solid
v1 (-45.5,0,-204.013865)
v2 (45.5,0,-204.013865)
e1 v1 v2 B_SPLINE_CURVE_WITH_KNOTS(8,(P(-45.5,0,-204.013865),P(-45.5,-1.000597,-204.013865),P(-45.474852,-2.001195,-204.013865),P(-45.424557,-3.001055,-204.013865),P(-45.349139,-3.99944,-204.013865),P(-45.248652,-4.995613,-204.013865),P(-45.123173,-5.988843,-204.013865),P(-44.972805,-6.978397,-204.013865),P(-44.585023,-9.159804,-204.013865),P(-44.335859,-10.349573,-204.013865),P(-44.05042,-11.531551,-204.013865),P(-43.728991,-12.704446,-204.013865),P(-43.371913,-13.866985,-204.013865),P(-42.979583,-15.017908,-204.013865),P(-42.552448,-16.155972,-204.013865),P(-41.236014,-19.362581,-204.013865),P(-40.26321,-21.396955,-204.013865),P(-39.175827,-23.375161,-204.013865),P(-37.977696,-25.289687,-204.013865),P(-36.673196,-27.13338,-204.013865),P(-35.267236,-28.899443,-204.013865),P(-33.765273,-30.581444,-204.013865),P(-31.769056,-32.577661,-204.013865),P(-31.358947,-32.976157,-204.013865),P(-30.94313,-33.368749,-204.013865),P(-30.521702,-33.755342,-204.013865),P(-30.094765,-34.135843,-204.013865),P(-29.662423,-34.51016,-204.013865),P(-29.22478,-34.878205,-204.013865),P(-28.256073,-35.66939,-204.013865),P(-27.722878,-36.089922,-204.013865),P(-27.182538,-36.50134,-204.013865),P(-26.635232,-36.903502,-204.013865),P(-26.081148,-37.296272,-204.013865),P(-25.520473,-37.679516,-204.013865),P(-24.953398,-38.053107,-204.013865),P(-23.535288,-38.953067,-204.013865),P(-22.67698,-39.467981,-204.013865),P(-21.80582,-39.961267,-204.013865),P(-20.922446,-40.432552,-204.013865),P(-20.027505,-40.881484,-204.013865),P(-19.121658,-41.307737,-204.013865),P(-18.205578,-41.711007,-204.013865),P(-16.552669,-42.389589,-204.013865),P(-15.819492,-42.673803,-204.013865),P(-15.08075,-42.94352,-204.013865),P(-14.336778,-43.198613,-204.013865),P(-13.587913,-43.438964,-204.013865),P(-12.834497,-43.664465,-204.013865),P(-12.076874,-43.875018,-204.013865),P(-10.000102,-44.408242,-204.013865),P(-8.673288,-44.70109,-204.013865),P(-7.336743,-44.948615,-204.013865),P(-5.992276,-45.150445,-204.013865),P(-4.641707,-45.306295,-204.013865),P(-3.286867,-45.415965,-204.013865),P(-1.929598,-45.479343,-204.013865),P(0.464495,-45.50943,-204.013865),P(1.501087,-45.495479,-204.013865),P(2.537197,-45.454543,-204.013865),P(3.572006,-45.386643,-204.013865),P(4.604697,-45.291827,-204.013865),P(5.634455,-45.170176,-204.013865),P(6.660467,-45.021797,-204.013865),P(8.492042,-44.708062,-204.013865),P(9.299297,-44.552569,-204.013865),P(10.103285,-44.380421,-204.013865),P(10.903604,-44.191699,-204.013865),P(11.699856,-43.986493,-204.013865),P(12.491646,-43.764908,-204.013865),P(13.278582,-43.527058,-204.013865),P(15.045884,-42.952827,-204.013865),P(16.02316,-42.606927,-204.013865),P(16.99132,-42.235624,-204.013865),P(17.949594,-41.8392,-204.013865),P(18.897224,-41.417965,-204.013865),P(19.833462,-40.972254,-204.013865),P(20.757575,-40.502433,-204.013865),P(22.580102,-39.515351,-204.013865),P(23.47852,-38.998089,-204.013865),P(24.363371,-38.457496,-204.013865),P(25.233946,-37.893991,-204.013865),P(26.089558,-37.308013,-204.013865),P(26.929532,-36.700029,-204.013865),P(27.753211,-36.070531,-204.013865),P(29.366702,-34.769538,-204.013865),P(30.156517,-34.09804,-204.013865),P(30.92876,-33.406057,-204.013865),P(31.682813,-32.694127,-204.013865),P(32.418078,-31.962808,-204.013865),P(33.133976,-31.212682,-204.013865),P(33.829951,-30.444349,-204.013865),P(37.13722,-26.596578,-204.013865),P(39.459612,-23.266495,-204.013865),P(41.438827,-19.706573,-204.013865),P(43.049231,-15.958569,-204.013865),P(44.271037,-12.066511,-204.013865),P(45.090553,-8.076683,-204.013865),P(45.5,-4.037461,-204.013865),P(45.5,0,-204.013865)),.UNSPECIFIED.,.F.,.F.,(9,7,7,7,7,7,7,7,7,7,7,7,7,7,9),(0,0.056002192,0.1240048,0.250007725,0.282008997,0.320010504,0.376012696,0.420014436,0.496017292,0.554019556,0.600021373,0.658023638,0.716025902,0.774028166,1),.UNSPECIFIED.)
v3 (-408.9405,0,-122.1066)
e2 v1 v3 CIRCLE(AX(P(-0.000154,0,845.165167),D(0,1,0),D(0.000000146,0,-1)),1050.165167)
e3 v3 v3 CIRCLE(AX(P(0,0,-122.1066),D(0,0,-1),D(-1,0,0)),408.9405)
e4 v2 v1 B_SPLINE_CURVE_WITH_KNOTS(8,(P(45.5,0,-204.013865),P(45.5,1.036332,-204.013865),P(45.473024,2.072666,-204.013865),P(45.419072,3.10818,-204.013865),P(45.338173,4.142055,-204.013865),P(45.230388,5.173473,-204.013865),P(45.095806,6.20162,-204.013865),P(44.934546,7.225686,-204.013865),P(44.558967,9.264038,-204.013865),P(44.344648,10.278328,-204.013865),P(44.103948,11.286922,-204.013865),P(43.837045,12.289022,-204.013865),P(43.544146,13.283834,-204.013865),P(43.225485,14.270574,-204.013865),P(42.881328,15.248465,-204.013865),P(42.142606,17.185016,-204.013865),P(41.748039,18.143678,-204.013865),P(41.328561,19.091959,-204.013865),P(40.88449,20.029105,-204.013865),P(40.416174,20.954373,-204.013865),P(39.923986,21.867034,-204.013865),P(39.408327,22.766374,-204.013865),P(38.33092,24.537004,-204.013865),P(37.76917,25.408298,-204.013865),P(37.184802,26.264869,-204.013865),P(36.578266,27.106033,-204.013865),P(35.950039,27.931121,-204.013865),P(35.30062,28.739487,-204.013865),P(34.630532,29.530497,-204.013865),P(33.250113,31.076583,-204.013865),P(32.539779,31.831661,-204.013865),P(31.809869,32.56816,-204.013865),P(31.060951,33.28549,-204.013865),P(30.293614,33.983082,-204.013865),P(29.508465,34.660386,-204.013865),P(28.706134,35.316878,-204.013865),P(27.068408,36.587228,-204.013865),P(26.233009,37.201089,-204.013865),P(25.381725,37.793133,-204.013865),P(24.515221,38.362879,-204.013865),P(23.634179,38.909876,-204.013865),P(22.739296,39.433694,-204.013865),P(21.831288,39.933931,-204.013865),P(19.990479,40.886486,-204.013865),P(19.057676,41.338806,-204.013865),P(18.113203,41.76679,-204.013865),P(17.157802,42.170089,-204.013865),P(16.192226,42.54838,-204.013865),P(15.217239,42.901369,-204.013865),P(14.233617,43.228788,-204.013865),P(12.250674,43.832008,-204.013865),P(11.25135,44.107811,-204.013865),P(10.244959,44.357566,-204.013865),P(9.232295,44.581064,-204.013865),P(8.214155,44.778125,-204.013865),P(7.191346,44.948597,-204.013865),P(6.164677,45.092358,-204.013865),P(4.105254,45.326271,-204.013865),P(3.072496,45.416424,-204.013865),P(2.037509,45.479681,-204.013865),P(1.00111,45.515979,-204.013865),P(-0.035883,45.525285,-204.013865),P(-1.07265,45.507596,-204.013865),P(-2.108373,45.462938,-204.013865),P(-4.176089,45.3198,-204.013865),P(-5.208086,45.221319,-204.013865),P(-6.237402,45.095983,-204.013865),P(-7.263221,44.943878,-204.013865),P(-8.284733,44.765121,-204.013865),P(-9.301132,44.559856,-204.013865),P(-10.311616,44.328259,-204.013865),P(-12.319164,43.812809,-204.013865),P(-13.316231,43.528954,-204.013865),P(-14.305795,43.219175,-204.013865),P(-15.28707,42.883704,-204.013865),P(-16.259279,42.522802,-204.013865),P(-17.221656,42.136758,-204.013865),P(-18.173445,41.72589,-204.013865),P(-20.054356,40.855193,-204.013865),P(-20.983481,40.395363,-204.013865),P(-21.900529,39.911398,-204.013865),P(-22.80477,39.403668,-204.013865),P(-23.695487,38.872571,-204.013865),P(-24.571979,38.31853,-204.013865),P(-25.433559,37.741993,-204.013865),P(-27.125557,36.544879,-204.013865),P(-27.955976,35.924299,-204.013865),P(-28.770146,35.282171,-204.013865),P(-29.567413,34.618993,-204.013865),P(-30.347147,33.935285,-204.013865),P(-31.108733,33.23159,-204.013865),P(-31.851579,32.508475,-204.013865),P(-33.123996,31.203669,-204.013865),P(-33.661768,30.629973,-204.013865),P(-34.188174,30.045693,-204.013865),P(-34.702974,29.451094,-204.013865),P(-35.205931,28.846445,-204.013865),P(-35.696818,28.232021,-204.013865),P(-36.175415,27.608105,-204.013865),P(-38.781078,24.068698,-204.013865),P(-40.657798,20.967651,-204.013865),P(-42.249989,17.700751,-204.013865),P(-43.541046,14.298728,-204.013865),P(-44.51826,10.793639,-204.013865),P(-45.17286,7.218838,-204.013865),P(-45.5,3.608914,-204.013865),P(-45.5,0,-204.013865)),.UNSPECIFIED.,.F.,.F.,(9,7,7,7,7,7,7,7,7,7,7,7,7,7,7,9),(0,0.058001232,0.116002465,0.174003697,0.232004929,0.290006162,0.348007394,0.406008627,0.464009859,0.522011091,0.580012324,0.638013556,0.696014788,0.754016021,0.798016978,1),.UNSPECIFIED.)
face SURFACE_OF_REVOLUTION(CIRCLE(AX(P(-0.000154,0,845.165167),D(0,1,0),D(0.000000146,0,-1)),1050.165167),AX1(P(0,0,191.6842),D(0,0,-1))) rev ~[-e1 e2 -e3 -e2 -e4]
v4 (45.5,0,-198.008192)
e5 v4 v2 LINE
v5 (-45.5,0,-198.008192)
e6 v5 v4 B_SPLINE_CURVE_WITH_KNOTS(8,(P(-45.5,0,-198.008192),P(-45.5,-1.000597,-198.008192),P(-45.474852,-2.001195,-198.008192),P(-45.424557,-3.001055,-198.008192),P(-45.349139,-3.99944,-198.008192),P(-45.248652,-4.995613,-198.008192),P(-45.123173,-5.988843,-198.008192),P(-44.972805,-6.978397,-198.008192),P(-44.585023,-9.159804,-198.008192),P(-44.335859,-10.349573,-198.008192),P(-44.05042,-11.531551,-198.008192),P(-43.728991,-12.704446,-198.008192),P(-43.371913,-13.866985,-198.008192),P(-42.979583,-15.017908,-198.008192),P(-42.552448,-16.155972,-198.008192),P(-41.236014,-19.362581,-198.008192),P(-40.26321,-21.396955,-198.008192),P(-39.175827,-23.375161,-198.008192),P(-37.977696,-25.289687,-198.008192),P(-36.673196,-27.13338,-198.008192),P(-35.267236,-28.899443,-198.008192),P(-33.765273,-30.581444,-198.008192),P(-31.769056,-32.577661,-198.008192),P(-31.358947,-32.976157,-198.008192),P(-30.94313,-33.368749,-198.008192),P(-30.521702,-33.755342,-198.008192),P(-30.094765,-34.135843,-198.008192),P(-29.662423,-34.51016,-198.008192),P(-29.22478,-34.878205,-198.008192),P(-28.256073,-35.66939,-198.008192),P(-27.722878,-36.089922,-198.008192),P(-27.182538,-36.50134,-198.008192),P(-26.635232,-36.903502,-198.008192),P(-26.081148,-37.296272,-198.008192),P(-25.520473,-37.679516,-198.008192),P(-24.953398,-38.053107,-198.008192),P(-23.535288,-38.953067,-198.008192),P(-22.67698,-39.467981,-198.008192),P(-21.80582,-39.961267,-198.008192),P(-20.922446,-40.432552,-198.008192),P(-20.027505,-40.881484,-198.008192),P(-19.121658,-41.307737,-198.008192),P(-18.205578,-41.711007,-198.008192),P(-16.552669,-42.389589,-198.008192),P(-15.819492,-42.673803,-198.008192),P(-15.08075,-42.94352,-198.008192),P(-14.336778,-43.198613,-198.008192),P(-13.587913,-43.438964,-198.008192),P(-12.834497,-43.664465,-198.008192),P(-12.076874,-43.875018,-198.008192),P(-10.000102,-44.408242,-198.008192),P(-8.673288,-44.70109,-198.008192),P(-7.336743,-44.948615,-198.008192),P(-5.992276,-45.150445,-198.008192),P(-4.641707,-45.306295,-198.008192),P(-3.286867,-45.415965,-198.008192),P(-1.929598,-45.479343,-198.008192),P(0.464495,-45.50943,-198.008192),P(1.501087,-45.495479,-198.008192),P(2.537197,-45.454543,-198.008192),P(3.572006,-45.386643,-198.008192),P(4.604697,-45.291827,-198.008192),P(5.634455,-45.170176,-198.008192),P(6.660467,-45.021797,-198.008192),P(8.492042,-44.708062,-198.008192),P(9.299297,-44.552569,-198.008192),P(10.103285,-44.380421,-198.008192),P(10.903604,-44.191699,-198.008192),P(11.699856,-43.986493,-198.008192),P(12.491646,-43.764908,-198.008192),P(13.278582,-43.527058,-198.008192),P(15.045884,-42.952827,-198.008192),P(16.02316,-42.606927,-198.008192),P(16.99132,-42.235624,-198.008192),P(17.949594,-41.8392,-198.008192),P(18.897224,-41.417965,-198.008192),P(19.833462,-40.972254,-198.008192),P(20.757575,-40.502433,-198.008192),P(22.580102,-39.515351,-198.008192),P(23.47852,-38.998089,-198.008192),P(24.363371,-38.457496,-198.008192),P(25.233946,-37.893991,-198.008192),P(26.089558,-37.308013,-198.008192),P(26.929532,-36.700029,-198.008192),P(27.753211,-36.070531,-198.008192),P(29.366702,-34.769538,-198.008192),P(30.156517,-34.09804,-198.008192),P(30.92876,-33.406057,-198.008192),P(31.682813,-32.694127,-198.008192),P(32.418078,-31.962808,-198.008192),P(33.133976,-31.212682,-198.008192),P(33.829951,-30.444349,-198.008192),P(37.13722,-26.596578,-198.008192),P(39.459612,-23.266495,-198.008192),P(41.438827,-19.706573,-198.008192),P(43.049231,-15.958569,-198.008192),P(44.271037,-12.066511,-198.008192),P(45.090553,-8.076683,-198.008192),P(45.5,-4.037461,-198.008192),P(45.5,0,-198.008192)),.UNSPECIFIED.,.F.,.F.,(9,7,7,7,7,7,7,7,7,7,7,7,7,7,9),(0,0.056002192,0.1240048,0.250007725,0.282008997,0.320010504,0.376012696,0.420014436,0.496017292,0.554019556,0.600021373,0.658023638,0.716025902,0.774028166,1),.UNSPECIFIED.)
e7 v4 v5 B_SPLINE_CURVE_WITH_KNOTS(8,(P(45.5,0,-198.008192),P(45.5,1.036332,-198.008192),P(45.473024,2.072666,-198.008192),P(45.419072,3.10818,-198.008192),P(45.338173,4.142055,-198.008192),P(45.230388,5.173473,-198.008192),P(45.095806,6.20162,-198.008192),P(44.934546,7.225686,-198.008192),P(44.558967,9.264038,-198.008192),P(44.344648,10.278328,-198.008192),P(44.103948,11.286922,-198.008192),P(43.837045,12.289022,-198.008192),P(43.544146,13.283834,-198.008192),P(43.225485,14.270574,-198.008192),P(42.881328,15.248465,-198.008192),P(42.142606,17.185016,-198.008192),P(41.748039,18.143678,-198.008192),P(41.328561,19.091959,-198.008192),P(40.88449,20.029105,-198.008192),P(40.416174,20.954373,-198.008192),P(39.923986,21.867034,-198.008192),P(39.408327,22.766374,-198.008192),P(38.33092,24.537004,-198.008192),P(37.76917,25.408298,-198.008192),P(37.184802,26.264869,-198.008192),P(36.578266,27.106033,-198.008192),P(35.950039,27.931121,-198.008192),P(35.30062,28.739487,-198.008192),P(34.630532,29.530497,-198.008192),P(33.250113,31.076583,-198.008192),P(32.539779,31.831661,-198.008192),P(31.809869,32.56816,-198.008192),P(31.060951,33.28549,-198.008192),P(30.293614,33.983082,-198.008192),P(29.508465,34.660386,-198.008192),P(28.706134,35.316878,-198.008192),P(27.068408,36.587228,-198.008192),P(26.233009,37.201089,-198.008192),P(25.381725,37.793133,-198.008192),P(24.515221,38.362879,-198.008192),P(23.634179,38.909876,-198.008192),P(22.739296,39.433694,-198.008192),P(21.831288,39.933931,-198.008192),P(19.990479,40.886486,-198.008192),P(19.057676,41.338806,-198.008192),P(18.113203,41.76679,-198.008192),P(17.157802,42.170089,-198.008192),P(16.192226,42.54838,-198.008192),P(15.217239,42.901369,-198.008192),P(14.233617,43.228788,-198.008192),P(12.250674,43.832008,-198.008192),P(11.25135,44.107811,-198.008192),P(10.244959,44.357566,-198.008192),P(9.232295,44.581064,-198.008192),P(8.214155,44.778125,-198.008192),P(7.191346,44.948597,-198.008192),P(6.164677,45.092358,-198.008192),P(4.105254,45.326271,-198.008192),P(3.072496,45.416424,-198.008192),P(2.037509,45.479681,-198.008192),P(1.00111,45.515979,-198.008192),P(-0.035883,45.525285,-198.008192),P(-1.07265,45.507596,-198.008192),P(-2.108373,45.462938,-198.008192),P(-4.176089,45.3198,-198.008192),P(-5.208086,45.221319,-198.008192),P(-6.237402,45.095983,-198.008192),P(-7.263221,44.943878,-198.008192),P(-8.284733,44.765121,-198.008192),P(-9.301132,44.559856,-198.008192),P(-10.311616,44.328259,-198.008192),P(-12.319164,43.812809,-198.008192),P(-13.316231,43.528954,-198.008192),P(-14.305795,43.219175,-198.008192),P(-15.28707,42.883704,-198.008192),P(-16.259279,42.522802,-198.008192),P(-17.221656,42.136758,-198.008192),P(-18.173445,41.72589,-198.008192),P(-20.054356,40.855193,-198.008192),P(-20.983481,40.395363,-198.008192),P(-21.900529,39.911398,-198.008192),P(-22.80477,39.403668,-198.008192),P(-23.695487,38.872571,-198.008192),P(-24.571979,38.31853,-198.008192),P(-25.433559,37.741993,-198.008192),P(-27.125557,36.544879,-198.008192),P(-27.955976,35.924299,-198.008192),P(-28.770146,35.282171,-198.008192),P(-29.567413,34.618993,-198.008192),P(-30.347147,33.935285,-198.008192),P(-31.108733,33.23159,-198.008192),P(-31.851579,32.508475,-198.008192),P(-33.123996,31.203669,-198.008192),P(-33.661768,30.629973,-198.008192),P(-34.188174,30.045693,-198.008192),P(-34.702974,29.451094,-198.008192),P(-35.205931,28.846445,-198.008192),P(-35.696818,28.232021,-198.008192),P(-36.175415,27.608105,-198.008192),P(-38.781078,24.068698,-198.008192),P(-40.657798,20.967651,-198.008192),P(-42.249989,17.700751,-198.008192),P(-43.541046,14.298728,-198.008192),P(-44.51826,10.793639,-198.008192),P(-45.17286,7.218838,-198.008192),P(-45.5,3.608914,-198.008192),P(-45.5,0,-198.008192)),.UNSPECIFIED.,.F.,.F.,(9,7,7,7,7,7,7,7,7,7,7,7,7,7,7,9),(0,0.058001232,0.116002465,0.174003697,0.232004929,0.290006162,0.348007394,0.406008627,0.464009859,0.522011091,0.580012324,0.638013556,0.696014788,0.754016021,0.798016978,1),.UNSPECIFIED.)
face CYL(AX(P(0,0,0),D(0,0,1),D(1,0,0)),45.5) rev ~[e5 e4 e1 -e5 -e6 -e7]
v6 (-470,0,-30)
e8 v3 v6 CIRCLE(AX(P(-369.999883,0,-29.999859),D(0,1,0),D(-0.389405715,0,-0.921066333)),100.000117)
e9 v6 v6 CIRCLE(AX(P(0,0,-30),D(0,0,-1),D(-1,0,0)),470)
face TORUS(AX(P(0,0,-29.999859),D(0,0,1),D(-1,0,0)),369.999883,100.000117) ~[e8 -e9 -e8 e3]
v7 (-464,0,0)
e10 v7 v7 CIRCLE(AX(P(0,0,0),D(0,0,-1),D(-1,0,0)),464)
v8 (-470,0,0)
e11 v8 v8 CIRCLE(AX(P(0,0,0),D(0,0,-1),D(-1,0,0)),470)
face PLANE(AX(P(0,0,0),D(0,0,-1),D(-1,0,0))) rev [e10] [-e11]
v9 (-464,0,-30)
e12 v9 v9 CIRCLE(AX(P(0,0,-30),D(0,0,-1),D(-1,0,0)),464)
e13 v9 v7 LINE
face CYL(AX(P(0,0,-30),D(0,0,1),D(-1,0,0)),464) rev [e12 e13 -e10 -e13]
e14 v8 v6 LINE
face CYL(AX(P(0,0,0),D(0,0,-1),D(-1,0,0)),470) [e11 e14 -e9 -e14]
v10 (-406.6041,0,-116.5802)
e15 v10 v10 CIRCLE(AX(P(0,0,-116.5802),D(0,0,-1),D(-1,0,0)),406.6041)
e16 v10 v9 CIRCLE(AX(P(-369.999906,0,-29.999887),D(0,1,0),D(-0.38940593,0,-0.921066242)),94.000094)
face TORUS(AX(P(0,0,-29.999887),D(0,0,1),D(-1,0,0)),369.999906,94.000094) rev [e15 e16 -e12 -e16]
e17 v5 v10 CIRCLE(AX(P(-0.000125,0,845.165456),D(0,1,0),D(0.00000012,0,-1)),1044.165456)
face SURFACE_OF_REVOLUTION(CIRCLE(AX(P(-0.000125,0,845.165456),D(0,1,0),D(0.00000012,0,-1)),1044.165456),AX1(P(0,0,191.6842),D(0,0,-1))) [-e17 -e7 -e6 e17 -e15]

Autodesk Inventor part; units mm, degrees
ref_plane "YZ Plane" through (0, 0, 0) normal (1, 0, 0) x (0, 1, 0)
ref_plane "XZ Plane" through (0, 0, 0) normal (0, 1, 0) x (-1, 0, 0)
ref_plane "XY Plane" through (0, 0, 0) normal (0, 0, 1) x (1, 0, 0)
sketch "Sketch1" plane through (0, 0, 0) normal (0, 1, 0) x (-1, 0, 0)
  line L0 (470, 0) -> (470, -30)
  arc A0 (408.9405, -122.1066) -> (470, -30) centre (370, -30) ccw
  arc A1 (0, -205) -> (408.9405, -122.1066) centre (0, 845.1667) ccw
  line L1 (0, 191.6842) -> (0, -191.6842)
  arc A2 (0, -199) -> (406.6041, -116.5802) centre (0, 845.1667) ccw
  arc A3 (406.6041, -116.5802) -> (464, -30) centre (370, -30) ccw
  line L2 (464, -30) -> (464, 0)
  line L3 (464, 0) -> (470, 0)
  line L4 (0, -199) -> (0, -205)
  point P0 (0, 0)
  point P1 (0, 0)
  point P2 (0, -202)
  point P3 (0, -163.7009)
  point P4 (0, -169.7009)
  dimension "d0" = 100
  dimension "d1" = 30
  dimension "d3" = 1050.1667
  dimension "d6" = 6
  dimension "d11" = 928
  dimension "d12" = 205
revolve "Revolution1" add sketch "Sketch1" angle 360 about axis through (0, 0, 191.6842) along (0, 0, -1)
sketch "Sketch2" plane through (0, 0, 0) normal (0, 0, 1) x (1, 0, 0)
  circle A0 centre (0, 0) radius 45.5
  dimension "d8" = 91
extrude "Extrusion1" cut sketch "Sketch2" against normal through all
equation "\"d11\" = MAIN_filter_diam"
equation "\"MAIN_filter_diam\" = 928"
equation "\"Disherd_head_hight\" = d12"
properties part number "PRS 940-02 dished head" material "Steel"
